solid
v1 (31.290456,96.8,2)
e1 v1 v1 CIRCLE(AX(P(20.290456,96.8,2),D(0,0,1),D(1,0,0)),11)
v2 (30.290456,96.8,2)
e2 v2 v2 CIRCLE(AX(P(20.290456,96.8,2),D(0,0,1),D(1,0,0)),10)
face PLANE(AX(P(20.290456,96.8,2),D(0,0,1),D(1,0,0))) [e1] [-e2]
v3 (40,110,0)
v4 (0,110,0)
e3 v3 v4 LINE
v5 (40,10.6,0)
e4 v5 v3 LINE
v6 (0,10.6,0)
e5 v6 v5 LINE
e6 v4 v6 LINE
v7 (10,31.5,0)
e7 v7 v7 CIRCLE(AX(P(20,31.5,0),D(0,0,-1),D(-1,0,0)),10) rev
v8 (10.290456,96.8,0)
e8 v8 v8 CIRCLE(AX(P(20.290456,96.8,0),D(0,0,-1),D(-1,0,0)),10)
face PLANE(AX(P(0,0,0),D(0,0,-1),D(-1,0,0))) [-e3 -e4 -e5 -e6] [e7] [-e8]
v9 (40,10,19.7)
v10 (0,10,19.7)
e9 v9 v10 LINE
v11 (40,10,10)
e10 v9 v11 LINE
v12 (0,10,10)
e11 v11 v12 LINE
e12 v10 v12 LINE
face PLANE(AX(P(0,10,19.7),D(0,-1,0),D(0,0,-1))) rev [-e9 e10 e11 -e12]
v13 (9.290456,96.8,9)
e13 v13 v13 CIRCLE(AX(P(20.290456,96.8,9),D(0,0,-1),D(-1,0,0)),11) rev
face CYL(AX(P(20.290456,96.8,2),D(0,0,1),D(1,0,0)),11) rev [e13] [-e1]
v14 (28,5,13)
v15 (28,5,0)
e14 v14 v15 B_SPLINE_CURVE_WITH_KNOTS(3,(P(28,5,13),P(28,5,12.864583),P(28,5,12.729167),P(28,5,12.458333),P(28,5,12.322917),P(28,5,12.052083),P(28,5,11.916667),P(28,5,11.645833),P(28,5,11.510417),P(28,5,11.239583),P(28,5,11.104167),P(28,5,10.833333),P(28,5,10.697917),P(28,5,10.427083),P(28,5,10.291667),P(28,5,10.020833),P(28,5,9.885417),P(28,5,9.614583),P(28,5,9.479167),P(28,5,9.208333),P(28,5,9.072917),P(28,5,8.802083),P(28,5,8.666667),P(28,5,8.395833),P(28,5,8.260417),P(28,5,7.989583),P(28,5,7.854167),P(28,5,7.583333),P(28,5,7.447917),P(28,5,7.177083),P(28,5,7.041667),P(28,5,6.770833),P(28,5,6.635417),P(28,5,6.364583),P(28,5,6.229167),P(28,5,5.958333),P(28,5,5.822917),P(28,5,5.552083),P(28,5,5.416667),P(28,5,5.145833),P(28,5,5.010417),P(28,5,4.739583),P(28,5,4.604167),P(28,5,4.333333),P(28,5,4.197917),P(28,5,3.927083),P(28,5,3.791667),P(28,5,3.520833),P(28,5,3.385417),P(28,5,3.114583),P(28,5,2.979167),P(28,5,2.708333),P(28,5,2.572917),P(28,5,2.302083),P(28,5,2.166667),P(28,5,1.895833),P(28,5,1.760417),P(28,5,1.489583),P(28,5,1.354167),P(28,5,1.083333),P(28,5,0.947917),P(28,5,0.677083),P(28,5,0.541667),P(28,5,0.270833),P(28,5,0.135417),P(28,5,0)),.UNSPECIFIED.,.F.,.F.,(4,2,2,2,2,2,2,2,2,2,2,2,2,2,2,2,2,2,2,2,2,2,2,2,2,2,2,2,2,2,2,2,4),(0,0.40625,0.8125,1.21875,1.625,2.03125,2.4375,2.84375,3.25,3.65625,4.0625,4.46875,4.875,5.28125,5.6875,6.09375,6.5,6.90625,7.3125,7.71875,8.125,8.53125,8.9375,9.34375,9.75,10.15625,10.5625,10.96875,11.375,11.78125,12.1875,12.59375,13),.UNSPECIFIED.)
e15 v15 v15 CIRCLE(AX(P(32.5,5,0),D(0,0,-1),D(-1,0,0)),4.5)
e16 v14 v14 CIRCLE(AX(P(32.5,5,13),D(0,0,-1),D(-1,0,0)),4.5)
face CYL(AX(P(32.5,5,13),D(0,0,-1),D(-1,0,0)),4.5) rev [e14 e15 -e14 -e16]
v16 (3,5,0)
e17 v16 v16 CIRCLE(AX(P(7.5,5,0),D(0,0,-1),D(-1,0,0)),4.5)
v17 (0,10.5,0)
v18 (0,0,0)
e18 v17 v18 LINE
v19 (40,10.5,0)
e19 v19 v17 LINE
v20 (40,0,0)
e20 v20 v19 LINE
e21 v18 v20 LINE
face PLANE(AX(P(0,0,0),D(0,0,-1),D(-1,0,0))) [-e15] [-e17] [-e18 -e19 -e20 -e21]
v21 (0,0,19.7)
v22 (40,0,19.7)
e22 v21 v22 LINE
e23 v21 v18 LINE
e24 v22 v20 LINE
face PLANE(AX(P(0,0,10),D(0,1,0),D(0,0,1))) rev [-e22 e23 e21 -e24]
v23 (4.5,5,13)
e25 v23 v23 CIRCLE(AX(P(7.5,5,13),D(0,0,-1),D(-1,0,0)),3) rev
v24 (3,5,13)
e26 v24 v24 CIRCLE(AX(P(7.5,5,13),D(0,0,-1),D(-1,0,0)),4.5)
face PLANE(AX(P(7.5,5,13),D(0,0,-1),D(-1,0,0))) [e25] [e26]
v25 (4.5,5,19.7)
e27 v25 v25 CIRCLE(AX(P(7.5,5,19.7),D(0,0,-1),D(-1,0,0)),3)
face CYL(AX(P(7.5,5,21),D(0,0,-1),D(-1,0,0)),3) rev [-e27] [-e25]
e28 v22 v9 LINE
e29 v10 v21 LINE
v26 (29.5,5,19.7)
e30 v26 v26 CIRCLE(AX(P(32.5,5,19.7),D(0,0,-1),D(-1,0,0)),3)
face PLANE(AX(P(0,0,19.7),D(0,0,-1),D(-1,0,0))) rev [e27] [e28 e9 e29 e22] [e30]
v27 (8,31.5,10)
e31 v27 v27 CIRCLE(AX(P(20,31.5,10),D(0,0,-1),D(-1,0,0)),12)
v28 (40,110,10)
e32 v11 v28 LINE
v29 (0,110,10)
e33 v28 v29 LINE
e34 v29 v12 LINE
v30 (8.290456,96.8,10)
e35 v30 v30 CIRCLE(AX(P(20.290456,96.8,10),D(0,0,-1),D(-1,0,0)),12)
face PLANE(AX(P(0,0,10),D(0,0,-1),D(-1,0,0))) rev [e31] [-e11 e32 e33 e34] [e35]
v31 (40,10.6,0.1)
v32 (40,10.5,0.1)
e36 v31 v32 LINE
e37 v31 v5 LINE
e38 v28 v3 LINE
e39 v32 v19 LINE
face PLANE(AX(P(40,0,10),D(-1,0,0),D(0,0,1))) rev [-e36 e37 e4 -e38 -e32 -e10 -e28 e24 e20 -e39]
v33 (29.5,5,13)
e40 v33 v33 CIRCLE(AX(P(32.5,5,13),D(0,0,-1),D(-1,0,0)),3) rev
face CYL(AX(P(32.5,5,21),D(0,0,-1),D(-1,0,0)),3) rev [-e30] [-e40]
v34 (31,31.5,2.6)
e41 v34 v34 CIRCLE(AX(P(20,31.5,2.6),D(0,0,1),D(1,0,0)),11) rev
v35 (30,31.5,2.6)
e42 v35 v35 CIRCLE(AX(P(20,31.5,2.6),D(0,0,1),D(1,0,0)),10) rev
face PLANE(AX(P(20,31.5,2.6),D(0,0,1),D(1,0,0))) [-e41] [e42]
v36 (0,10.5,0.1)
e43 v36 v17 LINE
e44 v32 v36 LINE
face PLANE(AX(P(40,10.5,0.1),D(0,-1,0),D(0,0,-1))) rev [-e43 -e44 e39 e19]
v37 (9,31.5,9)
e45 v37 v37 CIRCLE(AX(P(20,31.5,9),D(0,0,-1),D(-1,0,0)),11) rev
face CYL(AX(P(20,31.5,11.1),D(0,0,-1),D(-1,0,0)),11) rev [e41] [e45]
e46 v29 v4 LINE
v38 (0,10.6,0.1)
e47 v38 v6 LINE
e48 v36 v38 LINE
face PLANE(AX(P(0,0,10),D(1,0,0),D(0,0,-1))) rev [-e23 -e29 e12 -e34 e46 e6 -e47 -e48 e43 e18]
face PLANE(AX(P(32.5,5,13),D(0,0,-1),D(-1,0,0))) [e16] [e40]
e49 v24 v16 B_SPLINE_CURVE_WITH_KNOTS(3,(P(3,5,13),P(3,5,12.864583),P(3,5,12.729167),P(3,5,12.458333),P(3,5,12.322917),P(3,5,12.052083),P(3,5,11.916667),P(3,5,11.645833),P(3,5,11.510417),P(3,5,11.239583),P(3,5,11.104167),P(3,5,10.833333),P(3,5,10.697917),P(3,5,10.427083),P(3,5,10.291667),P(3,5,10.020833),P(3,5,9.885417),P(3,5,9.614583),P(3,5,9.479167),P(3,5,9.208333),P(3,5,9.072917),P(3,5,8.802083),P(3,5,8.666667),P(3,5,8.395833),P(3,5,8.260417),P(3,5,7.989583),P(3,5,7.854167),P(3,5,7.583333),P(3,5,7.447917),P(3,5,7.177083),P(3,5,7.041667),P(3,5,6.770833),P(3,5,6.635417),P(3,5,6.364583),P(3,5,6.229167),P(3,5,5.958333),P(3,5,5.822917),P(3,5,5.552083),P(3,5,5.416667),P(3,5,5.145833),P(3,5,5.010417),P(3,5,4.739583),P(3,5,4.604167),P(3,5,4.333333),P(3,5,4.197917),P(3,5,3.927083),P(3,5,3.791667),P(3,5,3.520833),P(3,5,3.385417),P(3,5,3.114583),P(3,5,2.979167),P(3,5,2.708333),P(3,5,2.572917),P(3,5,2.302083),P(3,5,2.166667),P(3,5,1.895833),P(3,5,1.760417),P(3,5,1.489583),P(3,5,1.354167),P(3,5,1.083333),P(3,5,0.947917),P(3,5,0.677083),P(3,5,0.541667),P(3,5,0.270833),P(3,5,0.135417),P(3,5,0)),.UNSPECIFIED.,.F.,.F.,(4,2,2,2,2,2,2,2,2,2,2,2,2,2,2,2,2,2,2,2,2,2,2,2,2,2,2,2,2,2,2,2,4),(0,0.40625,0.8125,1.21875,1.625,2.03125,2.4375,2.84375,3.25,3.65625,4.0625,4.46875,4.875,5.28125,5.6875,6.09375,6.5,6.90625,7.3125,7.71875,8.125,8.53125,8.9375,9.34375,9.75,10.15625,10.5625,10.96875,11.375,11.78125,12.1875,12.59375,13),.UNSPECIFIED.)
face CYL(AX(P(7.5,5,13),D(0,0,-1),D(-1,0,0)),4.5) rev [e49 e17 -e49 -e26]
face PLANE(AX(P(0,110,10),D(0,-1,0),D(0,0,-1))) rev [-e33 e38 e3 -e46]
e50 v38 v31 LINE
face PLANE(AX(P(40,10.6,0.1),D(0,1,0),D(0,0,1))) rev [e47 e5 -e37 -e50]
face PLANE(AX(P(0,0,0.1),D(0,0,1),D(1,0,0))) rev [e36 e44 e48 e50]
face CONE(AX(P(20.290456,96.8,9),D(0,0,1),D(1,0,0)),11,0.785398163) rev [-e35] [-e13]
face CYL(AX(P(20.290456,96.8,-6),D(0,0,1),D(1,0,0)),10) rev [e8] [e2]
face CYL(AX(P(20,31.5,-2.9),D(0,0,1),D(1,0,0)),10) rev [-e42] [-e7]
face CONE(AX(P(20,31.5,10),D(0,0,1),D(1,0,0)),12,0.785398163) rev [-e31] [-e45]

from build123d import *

# Parameters (mm, degrees)
SKIZZE1_W                             = 40
SKIZZE1_H                             = 110
AUFSATZ_LINEAR_AUSTRAGEN1_DEPTH       = 10
SKIZZE2_W                             = 40
SKIZZE2_H                             = 0.1
SCHNITT_LINEAR_AUSTRAGEN1_DEPTH       = 0.1
SKIZZE3_R                             = 11
SCHNITT_LINEAR_AUSTRAGEN2_DEPTH       = 11
SKIZZE5_R                             = 11
SCHNITT_LINEAR_AUSTRAGEN4_DEPTH       = 8
SKIZZE6_R                             = 10
SCHNITT_LINEAR_AUSTRAGEN5_DEPTH       = 8
FASE1_SIZE                            = 1
SKIZZE10_W                            = 40
SKIZZE10_H                            = 10
AUFSATZ_LINEAR_AUSTRAGEN2_DEPTH       = 9.7
SKIZZE11_R                            = 3
SCHNITT_LINEAR_AUSTRAGEN6_DEPTH       = 21
SKIZZE12_R                            = 4.5
SCHNITT_LINEAR_AUSTRAGEN11_DEPTH      = 13
SKIZZE15_R                            = 15.675658378
AUFSATZ_LINEAR_AUSTRAGEN3_DEPTH       = 2.5
SCHNITT_LINEAR_AUSTRAGEN13_DEPTH      = 3
SCHNITT_LINEAR_AUSTRAGEN13_DEPTH_BACK = 15
SKIZZE13_R                            = 10


with BuildPart() as part:
    # Skizze1 → Aufsatz-Linear austragen1 (new body)
    with BuildSketch(Plane.XY):
        with Locations((20, 55)):
            Rectangle(SKIZZE1_W, SKIZZE1_H)
    extrude(amount=AUFSATZ_LINEAR_AUSTRAGEN1_DEPTH)

    # Skizze2 → Schnitt-Linear austragen1 (cut)
    with BuildSketch(Plane(origin=(0, 0, 0), x_dir=(-1, 0, 0), z_dir=(0, 0, -1))):
        with Locations((-20, 10.55)):
            Rectangle(SKIZZE2_W, SKIZZE2_H)
    extrude(amount=-SCHNITT_LINEAR_AUSTRAGEN1_DEPTH, mode=Mode.SUBTRACT)

    # Skizze3 → Schnitt-Linear austragen2 (cut)
    with BuildSketch(Plane(origin=(0, 0, 0.1), x_dir=(-1, 0, 0), z_dir=(0, 0, -1))):
        with Locations((-20, 31.5)):
            Circle(SKIZZE3_R)
    extrude(amount=-SCHNITT_LINEAR_AUSTRAGEN2_DEPTH, mode=Mode.SUBTRACT)

    # Skizze5 → Schnitt-Linear austragen4 (cut)
    with BuildSketch(Plane.XY.offset(10)):
        with Locations((20.290455997, 96.8)):
            Circle(SKIZZE5_R)
    extrude(amount=-SCHNITT_LINEAR_AUSTRAGEN4_DEPTH, mode=Mode.SUBTRACT)

    # Skizze6 → Schnitt-Linear austragen5 (cut)
    with BuildSketch(Plane.XY.offset(2)):
        with Locations((20.290455997, 96.8)):
            Circle(SKIZZE6_R)
    extrude(amount=-SCHNITT_LINEAR_AUSTRAGEN5_DEPTH, mode=Mode.SUBTRACT)

    # Fase1
    fase1_edges = [part.edges().sort_by_distance(p)[0] for p in [
        (31, 31.5, 10),
        (9.290455997, 96.8, 10),
    ]]
    chamfer(fase1_edges, length=FASE1_SIZE)

    # Skizze10 → Aufsatz-Linear austragen2 (add)
    with BuildSketch(Plane.XY.offset(10)):
        with Locations((20, 5)):
            Rectangle(SKIZZE10_W, SKIZZE10_H)
    extrude(amount=AUFSATZ_LINEAR_AUSTRAGEN2_DEPTH)

    # Skizze11 → Schnitt-Linear austragen6 (cut)
    with BuildSketch(Plane(origin=(0, 0, 0), x_dir=(-1, 0, 0), z_dir=(0, 0, -1))):
        with Locations((-32.5, 5)):
            Circle(SKIZZE11_R)
        with Locations((-7.5, 5)):
            Circle(SKIZZE11_R)
    extrude(amount=-SCHNITT_LINEAR_AUSTRAGEN6_DEPTH, mode=Mode.SUBTRACT)

    # Skizze12 → Schnitt-Linear austragen11 (cut)
    with BuildSketch(Plane(origin=(0, 0, 0), x_dir=(-1, 0, 0), z_dir=(0, 0, -1))):
        with Locations((-32.5, 5)):
            Circle(SKIZZE12_R)
        with Locations((-7.5, 5)):
            Circle(SKIZZE12_R)
    extrude(amount=-SCHNITT_LINEAR_AUSTRAGEN11_DEPTH, mode=Mode.SUBTRACT)

    # Skizze15 → Aufsatz-Linear austragen3 (add)
    with BuildSketch(Plane.XY.offset(0.1)):
        with Locations((20, 31.5)):
            Circle(SKIZZE15_R)
    extrude(amount=AUFSATZ_LINEAR_AUSTRAGEN3_DEPTH)

    # Skizze13 → Schnitt-Linear austragen13 (cut, two sides: drawn at the far end of the back side and taken through both)
    with BuildSketch(Plane(origin=(0, 0, 0.1), x_dir=(-1, 0, 0), z_dir=(0, 0, -1)).offset(-SCHNITT_LINEAR_AUSTRAGEN13_DEPTH_BACK)):
        with Locations(Location((-20, 31.5, 0), (0, 0, 180))):
            Circle(SKIZZE13_R)
    extrude(amount=SCHNITT_LINEAR_AUSTRAGEN13_DEPTH + SCHNITT_LINEAR_AUSTRAGEN13_DEPTH_BACK, mode=Mode.SUBTRACT)


solid = part.part
